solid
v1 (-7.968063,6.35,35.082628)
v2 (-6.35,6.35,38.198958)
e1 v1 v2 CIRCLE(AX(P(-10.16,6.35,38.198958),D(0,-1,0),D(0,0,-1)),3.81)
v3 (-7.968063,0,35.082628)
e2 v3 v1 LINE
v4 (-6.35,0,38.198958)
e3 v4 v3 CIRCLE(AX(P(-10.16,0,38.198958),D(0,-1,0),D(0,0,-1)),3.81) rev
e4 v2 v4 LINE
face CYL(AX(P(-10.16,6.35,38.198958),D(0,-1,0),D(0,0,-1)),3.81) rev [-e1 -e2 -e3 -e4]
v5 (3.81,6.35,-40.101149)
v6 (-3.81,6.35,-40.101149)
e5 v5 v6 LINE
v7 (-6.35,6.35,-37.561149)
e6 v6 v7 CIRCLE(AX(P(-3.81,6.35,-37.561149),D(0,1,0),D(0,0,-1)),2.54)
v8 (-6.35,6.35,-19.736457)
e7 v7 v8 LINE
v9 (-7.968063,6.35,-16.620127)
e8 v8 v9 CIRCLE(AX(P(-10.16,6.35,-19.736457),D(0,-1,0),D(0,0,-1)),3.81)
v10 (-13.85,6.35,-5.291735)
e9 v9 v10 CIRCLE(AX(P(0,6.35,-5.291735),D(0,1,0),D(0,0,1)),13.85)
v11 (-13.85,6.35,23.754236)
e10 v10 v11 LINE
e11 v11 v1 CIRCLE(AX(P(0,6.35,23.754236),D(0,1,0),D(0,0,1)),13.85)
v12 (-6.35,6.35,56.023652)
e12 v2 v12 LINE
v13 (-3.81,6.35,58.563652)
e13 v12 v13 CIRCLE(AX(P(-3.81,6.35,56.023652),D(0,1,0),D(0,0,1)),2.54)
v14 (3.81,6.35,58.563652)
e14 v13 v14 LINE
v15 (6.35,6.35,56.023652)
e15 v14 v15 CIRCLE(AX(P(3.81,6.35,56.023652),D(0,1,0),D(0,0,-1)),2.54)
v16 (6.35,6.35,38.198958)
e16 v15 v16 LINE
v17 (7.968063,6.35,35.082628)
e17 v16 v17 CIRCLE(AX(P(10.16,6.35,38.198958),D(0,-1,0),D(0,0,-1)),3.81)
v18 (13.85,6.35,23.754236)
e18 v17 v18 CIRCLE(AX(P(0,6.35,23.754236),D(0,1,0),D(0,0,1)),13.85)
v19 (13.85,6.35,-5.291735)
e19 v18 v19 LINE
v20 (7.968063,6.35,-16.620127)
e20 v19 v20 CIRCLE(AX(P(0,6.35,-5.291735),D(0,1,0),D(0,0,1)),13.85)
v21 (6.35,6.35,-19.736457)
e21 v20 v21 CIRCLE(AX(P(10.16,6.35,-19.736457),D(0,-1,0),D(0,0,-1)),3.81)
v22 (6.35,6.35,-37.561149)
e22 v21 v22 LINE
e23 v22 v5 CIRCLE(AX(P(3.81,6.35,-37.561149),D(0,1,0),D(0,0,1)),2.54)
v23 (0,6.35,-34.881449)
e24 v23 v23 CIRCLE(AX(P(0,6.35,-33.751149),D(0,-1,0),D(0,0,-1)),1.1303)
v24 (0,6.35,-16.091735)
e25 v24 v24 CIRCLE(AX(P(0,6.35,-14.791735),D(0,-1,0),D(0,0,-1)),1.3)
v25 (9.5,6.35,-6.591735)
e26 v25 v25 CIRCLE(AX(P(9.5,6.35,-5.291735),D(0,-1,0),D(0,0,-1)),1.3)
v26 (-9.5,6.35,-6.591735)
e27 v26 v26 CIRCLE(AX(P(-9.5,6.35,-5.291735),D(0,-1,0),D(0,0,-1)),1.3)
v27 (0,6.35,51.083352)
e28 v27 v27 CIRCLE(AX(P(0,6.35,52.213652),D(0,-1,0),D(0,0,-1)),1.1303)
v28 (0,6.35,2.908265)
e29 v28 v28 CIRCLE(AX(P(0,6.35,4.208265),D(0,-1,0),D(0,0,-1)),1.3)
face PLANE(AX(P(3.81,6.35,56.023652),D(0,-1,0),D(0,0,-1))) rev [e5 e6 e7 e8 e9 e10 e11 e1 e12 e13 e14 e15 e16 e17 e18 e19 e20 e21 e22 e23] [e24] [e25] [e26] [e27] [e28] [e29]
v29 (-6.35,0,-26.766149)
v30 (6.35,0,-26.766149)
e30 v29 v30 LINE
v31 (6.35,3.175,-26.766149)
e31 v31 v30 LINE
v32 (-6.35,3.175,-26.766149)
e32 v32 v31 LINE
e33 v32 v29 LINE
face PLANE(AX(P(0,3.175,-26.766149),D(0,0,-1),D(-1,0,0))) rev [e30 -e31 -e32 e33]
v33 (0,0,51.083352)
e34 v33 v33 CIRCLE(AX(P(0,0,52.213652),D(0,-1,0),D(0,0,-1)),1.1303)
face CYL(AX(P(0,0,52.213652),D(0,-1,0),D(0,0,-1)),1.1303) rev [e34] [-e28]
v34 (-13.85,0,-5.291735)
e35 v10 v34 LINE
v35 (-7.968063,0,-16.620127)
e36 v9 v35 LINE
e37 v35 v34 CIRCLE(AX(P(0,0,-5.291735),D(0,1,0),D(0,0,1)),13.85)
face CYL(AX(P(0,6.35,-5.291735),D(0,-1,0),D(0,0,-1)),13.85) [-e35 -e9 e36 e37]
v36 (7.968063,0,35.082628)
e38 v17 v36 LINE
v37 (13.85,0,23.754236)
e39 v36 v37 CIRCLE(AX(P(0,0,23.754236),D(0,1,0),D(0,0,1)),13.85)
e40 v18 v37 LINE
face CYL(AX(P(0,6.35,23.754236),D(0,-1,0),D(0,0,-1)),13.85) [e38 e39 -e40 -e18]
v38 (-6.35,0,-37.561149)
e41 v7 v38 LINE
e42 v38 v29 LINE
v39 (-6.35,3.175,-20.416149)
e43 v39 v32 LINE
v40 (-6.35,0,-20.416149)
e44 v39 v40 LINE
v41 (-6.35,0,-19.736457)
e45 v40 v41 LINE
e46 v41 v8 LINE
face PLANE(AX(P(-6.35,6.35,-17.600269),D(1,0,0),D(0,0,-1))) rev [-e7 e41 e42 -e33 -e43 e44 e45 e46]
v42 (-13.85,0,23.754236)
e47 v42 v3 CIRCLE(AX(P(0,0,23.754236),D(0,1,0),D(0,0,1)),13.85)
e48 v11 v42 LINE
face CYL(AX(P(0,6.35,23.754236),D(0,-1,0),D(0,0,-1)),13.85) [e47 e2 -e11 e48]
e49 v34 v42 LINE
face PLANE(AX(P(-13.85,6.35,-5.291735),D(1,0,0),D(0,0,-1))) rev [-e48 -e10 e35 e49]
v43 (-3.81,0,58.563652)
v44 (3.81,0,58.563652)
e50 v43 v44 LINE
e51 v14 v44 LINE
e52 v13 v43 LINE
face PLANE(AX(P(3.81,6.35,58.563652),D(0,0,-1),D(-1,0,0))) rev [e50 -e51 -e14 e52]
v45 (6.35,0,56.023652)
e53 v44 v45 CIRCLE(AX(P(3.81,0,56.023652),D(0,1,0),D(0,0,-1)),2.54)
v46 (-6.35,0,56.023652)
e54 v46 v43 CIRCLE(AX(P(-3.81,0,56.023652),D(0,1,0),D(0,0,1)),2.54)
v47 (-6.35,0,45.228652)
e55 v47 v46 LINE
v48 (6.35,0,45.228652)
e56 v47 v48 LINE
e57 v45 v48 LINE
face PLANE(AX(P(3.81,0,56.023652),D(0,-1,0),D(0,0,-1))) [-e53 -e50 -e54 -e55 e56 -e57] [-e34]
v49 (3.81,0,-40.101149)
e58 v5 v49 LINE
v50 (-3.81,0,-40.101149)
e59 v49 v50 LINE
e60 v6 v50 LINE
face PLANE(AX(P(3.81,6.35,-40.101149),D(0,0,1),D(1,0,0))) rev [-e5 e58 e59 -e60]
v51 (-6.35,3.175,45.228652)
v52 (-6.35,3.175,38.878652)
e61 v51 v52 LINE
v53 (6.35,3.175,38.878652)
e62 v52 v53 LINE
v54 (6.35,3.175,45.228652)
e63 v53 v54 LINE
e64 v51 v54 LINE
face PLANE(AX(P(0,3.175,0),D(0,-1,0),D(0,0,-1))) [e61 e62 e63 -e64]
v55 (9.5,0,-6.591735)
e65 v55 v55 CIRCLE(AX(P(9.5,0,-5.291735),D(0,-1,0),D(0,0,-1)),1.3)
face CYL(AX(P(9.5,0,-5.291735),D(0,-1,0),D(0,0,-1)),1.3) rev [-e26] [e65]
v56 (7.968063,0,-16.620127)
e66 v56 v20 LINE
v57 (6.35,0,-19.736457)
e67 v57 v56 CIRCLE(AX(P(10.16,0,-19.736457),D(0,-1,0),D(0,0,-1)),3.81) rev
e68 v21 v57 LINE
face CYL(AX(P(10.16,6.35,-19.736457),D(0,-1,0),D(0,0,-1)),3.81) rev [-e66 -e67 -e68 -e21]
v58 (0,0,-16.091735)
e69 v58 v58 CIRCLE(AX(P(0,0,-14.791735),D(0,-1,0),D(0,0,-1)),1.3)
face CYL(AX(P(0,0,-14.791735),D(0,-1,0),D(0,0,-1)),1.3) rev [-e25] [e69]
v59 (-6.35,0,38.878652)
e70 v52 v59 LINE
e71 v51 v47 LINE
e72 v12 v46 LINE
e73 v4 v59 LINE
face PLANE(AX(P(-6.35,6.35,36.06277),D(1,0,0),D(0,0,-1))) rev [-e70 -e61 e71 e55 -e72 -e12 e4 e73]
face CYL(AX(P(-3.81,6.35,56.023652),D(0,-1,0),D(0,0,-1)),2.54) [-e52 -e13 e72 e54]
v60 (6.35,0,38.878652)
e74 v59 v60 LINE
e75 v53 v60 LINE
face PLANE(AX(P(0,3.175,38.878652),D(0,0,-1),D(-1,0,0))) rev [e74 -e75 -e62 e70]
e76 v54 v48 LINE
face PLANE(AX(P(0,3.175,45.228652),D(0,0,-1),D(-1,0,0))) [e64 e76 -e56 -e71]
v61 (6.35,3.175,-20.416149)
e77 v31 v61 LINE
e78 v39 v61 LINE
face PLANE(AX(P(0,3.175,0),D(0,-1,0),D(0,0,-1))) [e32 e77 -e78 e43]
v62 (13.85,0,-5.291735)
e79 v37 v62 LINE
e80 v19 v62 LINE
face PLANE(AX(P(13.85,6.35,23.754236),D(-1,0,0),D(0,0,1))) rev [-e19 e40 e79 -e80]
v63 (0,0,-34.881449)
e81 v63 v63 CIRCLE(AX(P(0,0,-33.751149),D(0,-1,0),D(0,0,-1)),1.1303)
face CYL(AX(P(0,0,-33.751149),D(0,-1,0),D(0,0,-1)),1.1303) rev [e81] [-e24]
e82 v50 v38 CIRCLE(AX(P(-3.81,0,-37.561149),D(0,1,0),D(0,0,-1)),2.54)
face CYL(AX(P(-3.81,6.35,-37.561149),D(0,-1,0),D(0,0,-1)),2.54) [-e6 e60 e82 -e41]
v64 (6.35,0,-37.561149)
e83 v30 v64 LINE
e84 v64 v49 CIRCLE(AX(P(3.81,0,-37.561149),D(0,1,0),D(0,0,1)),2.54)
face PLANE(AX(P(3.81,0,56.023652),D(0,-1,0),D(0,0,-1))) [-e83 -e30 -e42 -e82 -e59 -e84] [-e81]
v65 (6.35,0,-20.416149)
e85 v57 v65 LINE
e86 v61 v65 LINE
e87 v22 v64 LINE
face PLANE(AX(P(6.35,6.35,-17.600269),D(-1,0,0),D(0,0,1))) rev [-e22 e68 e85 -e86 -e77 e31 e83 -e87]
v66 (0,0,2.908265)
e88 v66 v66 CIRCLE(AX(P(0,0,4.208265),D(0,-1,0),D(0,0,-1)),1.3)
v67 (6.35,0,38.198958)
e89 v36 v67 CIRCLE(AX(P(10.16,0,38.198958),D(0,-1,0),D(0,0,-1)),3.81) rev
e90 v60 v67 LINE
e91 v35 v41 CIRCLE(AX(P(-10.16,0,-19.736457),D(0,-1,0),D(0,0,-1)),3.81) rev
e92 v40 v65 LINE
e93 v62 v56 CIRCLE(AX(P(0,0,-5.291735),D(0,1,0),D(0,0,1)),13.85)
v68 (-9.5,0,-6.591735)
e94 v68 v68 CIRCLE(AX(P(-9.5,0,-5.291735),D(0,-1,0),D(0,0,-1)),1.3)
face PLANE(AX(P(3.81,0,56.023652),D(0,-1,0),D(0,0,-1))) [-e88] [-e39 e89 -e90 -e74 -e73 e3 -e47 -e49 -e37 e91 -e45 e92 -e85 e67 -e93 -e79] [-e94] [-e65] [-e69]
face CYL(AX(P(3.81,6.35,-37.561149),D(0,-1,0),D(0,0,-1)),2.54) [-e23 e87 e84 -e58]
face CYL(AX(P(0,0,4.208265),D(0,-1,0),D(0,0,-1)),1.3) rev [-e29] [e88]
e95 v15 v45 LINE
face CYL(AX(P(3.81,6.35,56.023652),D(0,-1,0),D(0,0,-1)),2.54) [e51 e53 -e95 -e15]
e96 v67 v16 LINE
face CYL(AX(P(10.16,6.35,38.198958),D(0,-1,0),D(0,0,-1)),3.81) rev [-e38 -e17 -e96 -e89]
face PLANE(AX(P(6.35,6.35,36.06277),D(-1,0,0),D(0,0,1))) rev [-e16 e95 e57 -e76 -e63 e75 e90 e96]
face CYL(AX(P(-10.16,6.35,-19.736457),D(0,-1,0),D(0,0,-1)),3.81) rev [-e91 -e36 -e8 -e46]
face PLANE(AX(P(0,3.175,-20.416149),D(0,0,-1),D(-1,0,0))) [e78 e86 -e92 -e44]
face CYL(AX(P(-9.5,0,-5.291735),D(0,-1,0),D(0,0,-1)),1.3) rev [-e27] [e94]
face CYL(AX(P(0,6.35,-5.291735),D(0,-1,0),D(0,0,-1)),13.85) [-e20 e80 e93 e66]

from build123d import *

# Parameters (mm, degrees)
BOSS_EXTRUDE1_DEPTH   = 6.35
SKETCH3_W             = 12.7
SKETCH3_H             = 6.35
SKETCH3_R             = 1.651
CUT_EXTRUDE2_DEPTH    = 3.175
F_4_40_TAPPED_HOLE1_D = 2.2606
M2_CLEARANCE_HOLE1_D  = 2.6
FILLET1_R             = 3.81


with BuildPart() as part:
    # Sketch1 → Boss-Extrude1 (new body)
    with BuildSketch(Plane(origin=(0, 0, 0), x_dir=(1, 0, 0), z_dir=(0, 1, 0))):
        with BuildLine():
            Line((13.850000078, -23.754236173), (13.850000078, 5.291734921))
            ThreePointArc((13.850000078, 5.291734921), (11.827298987, 12.498502631), (6.35, 17.600268634))
            Line((6.35, 17.600268634), (6.35, 37.56114916))
            ThreePointArc((6.35, 37.56114916), (5.606051224, 39.357200384), (3.81, 40.10114916))
            Line((3.81, 40.10114916), (-3.81, 40.10114916))
            ThreePointArc((-3.81, 40.10114916), (-5.606051224, 39.357200384), (-6.35, 37.56114916))
            Line((-6.35, 37.56114916), (-6.35, 17.600268634))
            ThreePointArc((-6.35, 17.600268634), (-11.827298987, 12.498502631), (-13.850000078, 5.291734921))
            Line((-13.850000078, 5.291734921), (-13.850000078, -23.754236173))
            ThreePointArc((-13.850000078, -23.754236173), (-11.827298987, -30.961003884), (-6.35, -36.062769886))
            Line((-6.35, -36.062769886), (-6.35, -56.023651732))
            ThreePointArc((-6.35, -56.023651732), (-5.606051224, -57.819702956), (-3.81, -58.563651732))
            Line((-3.81, -58.563651732), (3.81, -58.563651732))
            ThreePointArc((3.81, -58.563651732), (5.606051224, -57.819702956), (6.35, -56.023651732))
            Line((6.35, -56.023651732), (6.35, -36.062769886))
            ThreePointArc((6.35, -36.062769886), (11.827298987, -30.961003884), (13.850000078, -23.754236173))
        make_face()
    extrude(amount=BOSS_EXTRUDE1_DEPTH)

    # Sketch3 → Cut-Extrude2 (cut)
    with BuildSketch(Plane.XZ):
        with Locations((0, -23.59114916)):
            Rectangle(SKETCH3_W, SKETCH3_H)
        with Locations((0, -23.59114916)):
            Circle(SKETCH3_R, mode=Mode.SUBTRACT)
        with Locations((0, -23.59114916)):
            Circle(SKETCH3_R)
        with Locations((0, 42.053651732)):
            Rectangle(SKETCH3_W, SKETCH3_H)
        with Locations((0, 42.053651732)):
            Circle(SKETCH3_R, mode=Mode.SUBTRACT)
        with Locations((0, 42.053651732)):
            Circle(SKETCH3_R)
    extrude(amount=-CUT_EXTRUDE2_DEPTH, mode=Mode.SUBTRACT)

    # #4-40 Tapped Hole1 (through all)
    with Locations(Plane(origin=(0, 0, 0), x_dir=(-1, 0, 0), z_dir=(0, -1, 0))):
        with Locations((0, -52.213651732), (0, 33.75114916)):
            Hole(F_4_40_TAPPED_HOLE1_D / 2)

    # M2 Clearance Hole1 (through all)
    with Locations(Plane(origin=(0, 0, 0), x_dir=(-1, 0, 0), z_dir=(0, -1, 0))):
        with Locations((9.50000005, 5.291734921), (0, 14.791734971), (-9.50000005, 5.291734921), (0, -4.208265129)):
            Hole(M2_CLEARANCE_HOLE1_D / 2)

    # Fillet1
    fillet1_edges = [part.edges().sort_by_distance(p)[0] for p in [
        (-6.35, 3.175, 36.062769886),
        (-6.35, 3.175, -17.600268634),
        (6.35, 3.175, -17.600268634),
        (6.35, 3.175, 36.062769886),
    ]]
    fillet(fillet1_edges, radius=FILLET1_R)


solid = part.part
